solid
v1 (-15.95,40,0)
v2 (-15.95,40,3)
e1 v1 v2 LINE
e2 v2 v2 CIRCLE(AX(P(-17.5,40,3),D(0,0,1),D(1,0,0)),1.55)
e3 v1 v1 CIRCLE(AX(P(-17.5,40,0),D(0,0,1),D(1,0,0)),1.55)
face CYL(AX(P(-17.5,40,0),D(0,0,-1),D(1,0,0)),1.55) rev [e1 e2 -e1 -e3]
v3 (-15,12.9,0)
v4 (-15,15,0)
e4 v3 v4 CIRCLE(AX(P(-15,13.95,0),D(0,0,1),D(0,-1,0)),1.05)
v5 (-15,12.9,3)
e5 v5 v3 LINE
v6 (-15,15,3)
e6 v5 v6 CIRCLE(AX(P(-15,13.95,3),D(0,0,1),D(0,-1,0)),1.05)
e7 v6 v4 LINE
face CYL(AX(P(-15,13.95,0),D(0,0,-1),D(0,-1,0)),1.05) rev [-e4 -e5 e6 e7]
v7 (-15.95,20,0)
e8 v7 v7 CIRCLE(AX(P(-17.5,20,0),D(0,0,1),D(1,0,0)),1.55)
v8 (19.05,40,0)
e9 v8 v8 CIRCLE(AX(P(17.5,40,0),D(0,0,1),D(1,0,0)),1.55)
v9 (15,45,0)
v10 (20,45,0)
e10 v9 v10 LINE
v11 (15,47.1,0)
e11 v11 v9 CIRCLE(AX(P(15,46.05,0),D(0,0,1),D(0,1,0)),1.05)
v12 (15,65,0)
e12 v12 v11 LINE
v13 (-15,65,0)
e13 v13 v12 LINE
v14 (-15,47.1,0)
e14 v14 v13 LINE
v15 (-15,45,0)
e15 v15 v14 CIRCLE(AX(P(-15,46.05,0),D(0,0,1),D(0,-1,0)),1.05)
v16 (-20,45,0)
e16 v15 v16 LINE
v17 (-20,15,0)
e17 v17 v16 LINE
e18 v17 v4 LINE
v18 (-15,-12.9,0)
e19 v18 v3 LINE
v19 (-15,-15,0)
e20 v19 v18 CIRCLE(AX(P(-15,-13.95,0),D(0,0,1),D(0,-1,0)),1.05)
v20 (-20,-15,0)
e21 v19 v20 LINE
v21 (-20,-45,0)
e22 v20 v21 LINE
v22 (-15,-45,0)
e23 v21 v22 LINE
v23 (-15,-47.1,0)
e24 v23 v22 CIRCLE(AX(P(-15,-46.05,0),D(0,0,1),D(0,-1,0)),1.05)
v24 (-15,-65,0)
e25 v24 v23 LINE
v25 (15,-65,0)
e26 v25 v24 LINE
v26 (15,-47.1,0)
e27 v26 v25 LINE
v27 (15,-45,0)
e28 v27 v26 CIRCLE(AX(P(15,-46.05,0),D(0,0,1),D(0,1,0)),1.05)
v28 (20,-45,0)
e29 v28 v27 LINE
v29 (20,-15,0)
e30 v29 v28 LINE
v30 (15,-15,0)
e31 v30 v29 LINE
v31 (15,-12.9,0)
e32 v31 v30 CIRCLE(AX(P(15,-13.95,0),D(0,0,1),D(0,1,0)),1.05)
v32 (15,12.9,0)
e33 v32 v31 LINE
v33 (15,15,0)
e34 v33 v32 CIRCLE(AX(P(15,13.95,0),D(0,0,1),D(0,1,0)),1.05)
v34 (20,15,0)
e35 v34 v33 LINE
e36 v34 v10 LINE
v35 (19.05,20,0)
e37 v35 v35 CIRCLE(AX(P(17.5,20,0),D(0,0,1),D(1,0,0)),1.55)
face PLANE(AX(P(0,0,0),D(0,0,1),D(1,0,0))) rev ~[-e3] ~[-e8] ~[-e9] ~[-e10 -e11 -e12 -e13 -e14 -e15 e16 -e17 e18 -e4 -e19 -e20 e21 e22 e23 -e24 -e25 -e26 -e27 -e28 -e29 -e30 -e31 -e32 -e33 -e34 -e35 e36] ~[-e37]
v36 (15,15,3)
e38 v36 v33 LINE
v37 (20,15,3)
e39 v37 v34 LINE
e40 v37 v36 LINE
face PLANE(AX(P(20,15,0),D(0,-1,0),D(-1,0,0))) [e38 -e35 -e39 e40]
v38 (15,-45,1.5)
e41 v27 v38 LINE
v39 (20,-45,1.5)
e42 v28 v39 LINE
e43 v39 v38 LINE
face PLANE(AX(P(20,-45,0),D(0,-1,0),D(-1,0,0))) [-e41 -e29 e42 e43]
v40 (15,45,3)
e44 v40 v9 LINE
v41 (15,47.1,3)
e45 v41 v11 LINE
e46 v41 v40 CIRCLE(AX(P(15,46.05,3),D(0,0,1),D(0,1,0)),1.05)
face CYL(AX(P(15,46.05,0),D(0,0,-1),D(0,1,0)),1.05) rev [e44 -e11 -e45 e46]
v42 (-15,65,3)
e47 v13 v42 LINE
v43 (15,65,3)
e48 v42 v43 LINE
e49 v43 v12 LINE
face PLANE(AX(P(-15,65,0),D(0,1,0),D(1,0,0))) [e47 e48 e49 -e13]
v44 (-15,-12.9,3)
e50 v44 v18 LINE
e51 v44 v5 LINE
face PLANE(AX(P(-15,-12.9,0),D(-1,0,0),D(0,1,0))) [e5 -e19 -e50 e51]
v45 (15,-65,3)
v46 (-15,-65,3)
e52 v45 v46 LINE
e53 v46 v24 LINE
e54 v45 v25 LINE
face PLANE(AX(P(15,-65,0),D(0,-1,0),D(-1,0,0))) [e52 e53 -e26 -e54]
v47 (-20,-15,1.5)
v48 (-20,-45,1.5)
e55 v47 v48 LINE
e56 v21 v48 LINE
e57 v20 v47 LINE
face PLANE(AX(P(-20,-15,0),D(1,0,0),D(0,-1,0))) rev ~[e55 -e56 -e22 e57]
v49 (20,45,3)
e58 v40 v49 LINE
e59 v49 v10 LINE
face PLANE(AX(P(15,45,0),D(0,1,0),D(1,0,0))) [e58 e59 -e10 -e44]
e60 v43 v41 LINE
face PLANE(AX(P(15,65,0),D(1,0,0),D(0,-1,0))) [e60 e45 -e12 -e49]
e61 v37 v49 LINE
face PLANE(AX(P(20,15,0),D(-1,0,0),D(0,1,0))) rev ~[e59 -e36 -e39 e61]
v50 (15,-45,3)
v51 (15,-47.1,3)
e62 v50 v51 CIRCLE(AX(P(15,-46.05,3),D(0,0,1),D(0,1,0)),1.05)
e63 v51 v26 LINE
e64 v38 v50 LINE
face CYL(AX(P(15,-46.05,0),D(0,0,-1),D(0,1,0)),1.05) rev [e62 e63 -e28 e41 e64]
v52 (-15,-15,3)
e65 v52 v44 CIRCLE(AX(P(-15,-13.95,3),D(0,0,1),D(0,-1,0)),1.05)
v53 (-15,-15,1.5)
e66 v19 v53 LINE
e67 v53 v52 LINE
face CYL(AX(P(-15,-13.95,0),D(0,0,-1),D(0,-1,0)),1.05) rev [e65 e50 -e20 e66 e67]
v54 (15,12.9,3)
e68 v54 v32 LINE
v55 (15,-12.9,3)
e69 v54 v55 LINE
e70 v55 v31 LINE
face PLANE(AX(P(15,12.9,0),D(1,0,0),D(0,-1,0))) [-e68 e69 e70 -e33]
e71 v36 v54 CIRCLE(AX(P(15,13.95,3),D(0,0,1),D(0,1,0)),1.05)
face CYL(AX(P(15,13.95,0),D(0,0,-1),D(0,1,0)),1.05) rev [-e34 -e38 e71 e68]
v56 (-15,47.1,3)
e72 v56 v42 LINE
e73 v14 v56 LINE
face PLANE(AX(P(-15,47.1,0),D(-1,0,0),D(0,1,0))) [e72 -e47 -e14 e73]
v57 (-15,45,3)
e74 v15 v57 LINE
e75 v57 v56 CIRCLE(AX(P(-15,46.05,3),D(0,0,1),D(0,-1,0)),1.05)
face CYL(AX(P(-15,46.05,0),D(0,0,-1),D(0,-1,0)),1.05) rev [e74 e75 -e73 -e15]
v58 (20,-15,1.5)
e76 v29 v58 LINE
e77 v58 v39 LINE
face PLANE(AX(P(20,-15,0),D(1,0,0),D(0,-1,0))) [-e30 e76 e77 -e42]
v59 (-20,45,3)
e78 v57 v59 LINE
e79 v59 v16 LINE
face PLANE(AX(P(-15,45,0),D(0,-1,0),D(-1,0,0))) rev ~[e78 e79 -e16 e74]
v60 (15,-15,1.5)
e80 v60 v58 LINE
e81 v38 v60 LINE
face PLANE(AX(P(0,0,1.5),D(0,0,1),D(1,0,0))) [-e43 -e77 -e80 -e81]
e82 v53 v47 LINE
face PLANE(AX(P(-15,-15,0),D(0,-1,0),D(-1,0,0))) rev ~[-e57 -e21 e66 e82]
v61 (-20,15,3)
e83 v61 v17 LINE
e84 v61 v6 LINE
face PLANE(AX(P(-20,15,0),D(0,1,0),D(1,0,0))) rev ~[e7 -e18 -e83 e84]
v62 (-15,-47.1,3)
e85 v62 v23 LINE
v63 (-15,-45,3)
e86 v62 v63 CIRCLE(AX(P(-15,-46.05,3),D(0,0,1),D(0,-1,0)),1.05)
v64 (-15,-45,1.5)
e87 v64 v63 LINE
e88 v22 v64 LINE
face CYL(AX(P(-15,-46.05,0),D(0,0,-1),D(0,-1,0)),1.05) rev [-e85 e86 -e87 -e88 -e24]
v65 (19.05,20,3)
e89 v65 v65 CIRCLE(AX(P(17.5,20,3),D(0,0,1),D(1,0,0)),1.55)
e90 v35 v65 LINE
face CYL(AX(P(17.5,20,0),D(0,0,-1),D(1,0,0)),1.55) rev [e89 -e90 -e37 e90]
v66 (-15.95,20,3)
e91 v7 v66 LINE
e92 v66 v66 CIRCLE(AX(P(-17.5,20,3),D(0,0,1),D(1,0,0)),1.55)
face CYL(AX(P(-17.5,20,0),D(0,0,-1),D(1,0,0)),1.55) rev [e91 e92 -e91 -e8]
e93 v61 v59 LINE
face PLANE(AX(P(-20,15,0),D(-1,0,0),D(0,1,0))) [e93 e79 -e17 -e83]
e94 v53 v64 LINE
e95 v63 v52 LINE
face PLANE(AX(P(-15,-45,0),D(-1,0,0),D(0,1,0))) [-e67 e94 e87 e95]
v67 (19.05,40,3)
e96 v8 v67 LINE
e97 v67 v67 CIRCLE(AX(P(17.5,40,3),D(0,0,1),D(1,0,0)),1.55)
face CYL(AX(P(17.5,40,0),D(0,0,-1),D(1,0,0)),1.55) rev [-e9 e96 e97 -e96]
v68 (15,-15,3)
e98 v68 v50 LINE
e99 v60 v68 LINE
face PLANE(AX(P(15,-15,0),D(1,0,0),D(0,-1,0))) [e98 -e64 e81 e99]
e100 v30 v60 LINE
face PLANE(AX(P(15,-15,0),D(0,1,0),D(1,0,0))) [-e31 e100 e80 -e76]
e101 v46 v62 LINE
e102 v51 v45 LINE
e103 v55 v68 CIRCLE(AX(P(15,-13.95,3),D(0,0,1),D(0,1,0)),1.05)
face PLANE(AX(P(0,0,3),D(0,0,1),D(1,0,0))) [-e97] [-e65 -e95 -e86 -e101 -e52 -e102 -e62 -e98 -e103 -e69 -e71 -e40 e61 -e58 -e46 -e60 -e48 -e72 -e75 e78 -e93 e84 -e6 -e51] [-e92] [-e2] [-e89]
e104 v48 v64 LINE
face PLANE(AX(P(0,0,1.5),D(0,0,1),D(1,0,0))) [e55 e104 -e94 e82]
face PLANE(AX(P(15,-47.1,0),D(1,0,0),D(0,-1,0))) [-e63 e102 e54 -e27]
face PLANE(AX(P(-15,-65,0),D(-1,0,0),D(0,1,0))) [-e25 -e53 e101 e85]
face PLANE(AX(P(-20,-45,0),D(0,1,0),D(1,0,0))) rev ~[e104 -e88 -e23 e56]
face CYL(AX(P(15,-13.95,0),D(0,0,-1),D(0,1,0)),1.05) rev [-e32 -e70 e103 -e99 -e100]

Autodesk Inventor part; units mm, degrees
ref_plane "YZ Plane" through (0, 0, 0) normal (1, 0, 0) x (0, 1, 0)
ref_plane "XZ Plane" through (0, 0, 0) normal (0, 1, 0) x (-1, 0, 0)
ref_plane "XY Plane" through (0, 0, 0) normal (0, 0, 1) x (1, 0, 0)
sketch "スケッチ1" plane through (0, 0, 0) normal (0, 0, 1) x (1, 0, 0)
  line L0 (-15, 65) -> (15, 65)
  line L1 (15, 65) -> (15, 47.1)
  line L2 (15, -65) -> (-15, -65)
  line L3 (-15, -65) -> (-15, -47.1)
  line L4 (-15, 65) -> (15, -65) construction
  line L5 (15, 65) -> (-15, -65) construction
  line L6 (-15, 45) -> (-20, 45)
  line L7 (-20, 45) -> (-20, 45)
  line L8 (-20, 15) -> (-15, 15)
  line L9 (-20, 15) -> (-20, 45)
  line L10 (-15, -15) -> (-20, -15)
  line L11 (-20, -15) -> (-20, -45)
  line L12 (-20, -45) -> (-15, -45)
  arc A0 (-15, 45) -> (-15, 47.1) centre (-15, 46.05) ccw
  arc A1 (-15, 12.9) -> (-15, 15) centre (-15, 13.95) ccw
  arc A2 (-15, -15) -> (-15, -12.9) centre (-15, -13.95) ccw
  arc A3 (-15, -47.1) -> (-15, -45) centre (-15, -46.05) ccw
  line L13 (-15, 47.1) -> (-15, 65)
  line L14 (-15, 12.9) -> (-15, 47.1) construction
  line L15 (-15, -12.9) -> (-15, 12.9)
  line L16 (-15, -47.1) -> (-15, -45) construction
  line L17 (0, 65) -> (0, -65) construction
  line L18 (15, 45) -> (20, 45)
  line L19 (20, 15) -> (15, 15)
  line L20 (20, 15) -> (20, 45)
  line L21 (15, -15) -> (20, -15)
  line L22 (20, -15) -> (20, -45)
  line L23 (20, -45) -> (15, -45)
  arc A4 (15, 47.1) -> (15, 45) centre (15, 46.05) ccw
  arc A5 (15, 15) -> (15, 12.9) centre (15, 13.95) ccw
  arc A6 (15, -12.9) -> (15, -15) centre (15, -13.95) ccw
  arc A7 (15, -45) -> (15, -47.1) centre (15, -46.05) ccw
  line L24 (15, 47.1) -> (15, 12.9) construction
  line L25 (15, 12.9) -> (15, -12.9)
  line L26 (15, -47.1) -> (15, -65)
  line L27 (15, -12.9) -> (15, -15) construction
  circle A8 centre (-17.5, 40) radius 1.55
  circle A9 centre (-17.5, 20) radius 1.55
  circle A10 centre (17.5, 20) radius 1.55
  circle A11 centre (17.5, 40) radius 1.55
  line L28 (-15, -15) -> (-15, -12.9) construction
  line L29 (-15, -45) -> (-15, -15)
  line L30 (15, -15) -> (15, -45)
  line L31 (15, -45) -> (15, -47.1) construction
  point P0 (0, 0)
  dimension "d8" = 30
  dimension "d9" = 130
  dimension "d10" = 20
  dimension "d11" = 30
  dimension "d12" = 30
  dimension "d13" = 30
  dimension "d16" = 1.05
  dimension "d17" = 1.05
  dimension "d18" = 1.05
  dimension "d19" = 1.05
  dimension "d20" = 5
  dimension "d23" = 20
  dimension "d24" = 5
  dimension "d25" = 5
  dimension "d28" = 2.5
  dimension "d29" = 2.5
  dimension "d33" = 3.1
  dimension "d38" = 3.1
  dimension "d39" = 20
extrude "押し出し1" add sketch "スケッチ1" along normal blind 1.5
extrude "押し出し2" add sketch "スケッチ1" along normal blind 3 contours L0 L1 A4 L18 L20 L19 A5 L25 A6 L30 A7 L26 L2 L3 A3 L29 A2 L15 A1 L8 L9 L6 A0 L13
equation "\"d10\" = -0.5 * d12 + 0.5 * d9 - d11"
equation "\"d13\" = d11"
equation "\"d17\" = d16"
equation "\"d18\" = d17"
equation "\"d19\" = d18"
equation "\"d25\" = d24"
equation "\"d28\" = 0.5 * d20"
equation "\"d29\" = d28"
equation "\"d33\" = d38"
properties part number "Cockpit_horizontal_frame_03" material "アセタール樹脂、黒"
